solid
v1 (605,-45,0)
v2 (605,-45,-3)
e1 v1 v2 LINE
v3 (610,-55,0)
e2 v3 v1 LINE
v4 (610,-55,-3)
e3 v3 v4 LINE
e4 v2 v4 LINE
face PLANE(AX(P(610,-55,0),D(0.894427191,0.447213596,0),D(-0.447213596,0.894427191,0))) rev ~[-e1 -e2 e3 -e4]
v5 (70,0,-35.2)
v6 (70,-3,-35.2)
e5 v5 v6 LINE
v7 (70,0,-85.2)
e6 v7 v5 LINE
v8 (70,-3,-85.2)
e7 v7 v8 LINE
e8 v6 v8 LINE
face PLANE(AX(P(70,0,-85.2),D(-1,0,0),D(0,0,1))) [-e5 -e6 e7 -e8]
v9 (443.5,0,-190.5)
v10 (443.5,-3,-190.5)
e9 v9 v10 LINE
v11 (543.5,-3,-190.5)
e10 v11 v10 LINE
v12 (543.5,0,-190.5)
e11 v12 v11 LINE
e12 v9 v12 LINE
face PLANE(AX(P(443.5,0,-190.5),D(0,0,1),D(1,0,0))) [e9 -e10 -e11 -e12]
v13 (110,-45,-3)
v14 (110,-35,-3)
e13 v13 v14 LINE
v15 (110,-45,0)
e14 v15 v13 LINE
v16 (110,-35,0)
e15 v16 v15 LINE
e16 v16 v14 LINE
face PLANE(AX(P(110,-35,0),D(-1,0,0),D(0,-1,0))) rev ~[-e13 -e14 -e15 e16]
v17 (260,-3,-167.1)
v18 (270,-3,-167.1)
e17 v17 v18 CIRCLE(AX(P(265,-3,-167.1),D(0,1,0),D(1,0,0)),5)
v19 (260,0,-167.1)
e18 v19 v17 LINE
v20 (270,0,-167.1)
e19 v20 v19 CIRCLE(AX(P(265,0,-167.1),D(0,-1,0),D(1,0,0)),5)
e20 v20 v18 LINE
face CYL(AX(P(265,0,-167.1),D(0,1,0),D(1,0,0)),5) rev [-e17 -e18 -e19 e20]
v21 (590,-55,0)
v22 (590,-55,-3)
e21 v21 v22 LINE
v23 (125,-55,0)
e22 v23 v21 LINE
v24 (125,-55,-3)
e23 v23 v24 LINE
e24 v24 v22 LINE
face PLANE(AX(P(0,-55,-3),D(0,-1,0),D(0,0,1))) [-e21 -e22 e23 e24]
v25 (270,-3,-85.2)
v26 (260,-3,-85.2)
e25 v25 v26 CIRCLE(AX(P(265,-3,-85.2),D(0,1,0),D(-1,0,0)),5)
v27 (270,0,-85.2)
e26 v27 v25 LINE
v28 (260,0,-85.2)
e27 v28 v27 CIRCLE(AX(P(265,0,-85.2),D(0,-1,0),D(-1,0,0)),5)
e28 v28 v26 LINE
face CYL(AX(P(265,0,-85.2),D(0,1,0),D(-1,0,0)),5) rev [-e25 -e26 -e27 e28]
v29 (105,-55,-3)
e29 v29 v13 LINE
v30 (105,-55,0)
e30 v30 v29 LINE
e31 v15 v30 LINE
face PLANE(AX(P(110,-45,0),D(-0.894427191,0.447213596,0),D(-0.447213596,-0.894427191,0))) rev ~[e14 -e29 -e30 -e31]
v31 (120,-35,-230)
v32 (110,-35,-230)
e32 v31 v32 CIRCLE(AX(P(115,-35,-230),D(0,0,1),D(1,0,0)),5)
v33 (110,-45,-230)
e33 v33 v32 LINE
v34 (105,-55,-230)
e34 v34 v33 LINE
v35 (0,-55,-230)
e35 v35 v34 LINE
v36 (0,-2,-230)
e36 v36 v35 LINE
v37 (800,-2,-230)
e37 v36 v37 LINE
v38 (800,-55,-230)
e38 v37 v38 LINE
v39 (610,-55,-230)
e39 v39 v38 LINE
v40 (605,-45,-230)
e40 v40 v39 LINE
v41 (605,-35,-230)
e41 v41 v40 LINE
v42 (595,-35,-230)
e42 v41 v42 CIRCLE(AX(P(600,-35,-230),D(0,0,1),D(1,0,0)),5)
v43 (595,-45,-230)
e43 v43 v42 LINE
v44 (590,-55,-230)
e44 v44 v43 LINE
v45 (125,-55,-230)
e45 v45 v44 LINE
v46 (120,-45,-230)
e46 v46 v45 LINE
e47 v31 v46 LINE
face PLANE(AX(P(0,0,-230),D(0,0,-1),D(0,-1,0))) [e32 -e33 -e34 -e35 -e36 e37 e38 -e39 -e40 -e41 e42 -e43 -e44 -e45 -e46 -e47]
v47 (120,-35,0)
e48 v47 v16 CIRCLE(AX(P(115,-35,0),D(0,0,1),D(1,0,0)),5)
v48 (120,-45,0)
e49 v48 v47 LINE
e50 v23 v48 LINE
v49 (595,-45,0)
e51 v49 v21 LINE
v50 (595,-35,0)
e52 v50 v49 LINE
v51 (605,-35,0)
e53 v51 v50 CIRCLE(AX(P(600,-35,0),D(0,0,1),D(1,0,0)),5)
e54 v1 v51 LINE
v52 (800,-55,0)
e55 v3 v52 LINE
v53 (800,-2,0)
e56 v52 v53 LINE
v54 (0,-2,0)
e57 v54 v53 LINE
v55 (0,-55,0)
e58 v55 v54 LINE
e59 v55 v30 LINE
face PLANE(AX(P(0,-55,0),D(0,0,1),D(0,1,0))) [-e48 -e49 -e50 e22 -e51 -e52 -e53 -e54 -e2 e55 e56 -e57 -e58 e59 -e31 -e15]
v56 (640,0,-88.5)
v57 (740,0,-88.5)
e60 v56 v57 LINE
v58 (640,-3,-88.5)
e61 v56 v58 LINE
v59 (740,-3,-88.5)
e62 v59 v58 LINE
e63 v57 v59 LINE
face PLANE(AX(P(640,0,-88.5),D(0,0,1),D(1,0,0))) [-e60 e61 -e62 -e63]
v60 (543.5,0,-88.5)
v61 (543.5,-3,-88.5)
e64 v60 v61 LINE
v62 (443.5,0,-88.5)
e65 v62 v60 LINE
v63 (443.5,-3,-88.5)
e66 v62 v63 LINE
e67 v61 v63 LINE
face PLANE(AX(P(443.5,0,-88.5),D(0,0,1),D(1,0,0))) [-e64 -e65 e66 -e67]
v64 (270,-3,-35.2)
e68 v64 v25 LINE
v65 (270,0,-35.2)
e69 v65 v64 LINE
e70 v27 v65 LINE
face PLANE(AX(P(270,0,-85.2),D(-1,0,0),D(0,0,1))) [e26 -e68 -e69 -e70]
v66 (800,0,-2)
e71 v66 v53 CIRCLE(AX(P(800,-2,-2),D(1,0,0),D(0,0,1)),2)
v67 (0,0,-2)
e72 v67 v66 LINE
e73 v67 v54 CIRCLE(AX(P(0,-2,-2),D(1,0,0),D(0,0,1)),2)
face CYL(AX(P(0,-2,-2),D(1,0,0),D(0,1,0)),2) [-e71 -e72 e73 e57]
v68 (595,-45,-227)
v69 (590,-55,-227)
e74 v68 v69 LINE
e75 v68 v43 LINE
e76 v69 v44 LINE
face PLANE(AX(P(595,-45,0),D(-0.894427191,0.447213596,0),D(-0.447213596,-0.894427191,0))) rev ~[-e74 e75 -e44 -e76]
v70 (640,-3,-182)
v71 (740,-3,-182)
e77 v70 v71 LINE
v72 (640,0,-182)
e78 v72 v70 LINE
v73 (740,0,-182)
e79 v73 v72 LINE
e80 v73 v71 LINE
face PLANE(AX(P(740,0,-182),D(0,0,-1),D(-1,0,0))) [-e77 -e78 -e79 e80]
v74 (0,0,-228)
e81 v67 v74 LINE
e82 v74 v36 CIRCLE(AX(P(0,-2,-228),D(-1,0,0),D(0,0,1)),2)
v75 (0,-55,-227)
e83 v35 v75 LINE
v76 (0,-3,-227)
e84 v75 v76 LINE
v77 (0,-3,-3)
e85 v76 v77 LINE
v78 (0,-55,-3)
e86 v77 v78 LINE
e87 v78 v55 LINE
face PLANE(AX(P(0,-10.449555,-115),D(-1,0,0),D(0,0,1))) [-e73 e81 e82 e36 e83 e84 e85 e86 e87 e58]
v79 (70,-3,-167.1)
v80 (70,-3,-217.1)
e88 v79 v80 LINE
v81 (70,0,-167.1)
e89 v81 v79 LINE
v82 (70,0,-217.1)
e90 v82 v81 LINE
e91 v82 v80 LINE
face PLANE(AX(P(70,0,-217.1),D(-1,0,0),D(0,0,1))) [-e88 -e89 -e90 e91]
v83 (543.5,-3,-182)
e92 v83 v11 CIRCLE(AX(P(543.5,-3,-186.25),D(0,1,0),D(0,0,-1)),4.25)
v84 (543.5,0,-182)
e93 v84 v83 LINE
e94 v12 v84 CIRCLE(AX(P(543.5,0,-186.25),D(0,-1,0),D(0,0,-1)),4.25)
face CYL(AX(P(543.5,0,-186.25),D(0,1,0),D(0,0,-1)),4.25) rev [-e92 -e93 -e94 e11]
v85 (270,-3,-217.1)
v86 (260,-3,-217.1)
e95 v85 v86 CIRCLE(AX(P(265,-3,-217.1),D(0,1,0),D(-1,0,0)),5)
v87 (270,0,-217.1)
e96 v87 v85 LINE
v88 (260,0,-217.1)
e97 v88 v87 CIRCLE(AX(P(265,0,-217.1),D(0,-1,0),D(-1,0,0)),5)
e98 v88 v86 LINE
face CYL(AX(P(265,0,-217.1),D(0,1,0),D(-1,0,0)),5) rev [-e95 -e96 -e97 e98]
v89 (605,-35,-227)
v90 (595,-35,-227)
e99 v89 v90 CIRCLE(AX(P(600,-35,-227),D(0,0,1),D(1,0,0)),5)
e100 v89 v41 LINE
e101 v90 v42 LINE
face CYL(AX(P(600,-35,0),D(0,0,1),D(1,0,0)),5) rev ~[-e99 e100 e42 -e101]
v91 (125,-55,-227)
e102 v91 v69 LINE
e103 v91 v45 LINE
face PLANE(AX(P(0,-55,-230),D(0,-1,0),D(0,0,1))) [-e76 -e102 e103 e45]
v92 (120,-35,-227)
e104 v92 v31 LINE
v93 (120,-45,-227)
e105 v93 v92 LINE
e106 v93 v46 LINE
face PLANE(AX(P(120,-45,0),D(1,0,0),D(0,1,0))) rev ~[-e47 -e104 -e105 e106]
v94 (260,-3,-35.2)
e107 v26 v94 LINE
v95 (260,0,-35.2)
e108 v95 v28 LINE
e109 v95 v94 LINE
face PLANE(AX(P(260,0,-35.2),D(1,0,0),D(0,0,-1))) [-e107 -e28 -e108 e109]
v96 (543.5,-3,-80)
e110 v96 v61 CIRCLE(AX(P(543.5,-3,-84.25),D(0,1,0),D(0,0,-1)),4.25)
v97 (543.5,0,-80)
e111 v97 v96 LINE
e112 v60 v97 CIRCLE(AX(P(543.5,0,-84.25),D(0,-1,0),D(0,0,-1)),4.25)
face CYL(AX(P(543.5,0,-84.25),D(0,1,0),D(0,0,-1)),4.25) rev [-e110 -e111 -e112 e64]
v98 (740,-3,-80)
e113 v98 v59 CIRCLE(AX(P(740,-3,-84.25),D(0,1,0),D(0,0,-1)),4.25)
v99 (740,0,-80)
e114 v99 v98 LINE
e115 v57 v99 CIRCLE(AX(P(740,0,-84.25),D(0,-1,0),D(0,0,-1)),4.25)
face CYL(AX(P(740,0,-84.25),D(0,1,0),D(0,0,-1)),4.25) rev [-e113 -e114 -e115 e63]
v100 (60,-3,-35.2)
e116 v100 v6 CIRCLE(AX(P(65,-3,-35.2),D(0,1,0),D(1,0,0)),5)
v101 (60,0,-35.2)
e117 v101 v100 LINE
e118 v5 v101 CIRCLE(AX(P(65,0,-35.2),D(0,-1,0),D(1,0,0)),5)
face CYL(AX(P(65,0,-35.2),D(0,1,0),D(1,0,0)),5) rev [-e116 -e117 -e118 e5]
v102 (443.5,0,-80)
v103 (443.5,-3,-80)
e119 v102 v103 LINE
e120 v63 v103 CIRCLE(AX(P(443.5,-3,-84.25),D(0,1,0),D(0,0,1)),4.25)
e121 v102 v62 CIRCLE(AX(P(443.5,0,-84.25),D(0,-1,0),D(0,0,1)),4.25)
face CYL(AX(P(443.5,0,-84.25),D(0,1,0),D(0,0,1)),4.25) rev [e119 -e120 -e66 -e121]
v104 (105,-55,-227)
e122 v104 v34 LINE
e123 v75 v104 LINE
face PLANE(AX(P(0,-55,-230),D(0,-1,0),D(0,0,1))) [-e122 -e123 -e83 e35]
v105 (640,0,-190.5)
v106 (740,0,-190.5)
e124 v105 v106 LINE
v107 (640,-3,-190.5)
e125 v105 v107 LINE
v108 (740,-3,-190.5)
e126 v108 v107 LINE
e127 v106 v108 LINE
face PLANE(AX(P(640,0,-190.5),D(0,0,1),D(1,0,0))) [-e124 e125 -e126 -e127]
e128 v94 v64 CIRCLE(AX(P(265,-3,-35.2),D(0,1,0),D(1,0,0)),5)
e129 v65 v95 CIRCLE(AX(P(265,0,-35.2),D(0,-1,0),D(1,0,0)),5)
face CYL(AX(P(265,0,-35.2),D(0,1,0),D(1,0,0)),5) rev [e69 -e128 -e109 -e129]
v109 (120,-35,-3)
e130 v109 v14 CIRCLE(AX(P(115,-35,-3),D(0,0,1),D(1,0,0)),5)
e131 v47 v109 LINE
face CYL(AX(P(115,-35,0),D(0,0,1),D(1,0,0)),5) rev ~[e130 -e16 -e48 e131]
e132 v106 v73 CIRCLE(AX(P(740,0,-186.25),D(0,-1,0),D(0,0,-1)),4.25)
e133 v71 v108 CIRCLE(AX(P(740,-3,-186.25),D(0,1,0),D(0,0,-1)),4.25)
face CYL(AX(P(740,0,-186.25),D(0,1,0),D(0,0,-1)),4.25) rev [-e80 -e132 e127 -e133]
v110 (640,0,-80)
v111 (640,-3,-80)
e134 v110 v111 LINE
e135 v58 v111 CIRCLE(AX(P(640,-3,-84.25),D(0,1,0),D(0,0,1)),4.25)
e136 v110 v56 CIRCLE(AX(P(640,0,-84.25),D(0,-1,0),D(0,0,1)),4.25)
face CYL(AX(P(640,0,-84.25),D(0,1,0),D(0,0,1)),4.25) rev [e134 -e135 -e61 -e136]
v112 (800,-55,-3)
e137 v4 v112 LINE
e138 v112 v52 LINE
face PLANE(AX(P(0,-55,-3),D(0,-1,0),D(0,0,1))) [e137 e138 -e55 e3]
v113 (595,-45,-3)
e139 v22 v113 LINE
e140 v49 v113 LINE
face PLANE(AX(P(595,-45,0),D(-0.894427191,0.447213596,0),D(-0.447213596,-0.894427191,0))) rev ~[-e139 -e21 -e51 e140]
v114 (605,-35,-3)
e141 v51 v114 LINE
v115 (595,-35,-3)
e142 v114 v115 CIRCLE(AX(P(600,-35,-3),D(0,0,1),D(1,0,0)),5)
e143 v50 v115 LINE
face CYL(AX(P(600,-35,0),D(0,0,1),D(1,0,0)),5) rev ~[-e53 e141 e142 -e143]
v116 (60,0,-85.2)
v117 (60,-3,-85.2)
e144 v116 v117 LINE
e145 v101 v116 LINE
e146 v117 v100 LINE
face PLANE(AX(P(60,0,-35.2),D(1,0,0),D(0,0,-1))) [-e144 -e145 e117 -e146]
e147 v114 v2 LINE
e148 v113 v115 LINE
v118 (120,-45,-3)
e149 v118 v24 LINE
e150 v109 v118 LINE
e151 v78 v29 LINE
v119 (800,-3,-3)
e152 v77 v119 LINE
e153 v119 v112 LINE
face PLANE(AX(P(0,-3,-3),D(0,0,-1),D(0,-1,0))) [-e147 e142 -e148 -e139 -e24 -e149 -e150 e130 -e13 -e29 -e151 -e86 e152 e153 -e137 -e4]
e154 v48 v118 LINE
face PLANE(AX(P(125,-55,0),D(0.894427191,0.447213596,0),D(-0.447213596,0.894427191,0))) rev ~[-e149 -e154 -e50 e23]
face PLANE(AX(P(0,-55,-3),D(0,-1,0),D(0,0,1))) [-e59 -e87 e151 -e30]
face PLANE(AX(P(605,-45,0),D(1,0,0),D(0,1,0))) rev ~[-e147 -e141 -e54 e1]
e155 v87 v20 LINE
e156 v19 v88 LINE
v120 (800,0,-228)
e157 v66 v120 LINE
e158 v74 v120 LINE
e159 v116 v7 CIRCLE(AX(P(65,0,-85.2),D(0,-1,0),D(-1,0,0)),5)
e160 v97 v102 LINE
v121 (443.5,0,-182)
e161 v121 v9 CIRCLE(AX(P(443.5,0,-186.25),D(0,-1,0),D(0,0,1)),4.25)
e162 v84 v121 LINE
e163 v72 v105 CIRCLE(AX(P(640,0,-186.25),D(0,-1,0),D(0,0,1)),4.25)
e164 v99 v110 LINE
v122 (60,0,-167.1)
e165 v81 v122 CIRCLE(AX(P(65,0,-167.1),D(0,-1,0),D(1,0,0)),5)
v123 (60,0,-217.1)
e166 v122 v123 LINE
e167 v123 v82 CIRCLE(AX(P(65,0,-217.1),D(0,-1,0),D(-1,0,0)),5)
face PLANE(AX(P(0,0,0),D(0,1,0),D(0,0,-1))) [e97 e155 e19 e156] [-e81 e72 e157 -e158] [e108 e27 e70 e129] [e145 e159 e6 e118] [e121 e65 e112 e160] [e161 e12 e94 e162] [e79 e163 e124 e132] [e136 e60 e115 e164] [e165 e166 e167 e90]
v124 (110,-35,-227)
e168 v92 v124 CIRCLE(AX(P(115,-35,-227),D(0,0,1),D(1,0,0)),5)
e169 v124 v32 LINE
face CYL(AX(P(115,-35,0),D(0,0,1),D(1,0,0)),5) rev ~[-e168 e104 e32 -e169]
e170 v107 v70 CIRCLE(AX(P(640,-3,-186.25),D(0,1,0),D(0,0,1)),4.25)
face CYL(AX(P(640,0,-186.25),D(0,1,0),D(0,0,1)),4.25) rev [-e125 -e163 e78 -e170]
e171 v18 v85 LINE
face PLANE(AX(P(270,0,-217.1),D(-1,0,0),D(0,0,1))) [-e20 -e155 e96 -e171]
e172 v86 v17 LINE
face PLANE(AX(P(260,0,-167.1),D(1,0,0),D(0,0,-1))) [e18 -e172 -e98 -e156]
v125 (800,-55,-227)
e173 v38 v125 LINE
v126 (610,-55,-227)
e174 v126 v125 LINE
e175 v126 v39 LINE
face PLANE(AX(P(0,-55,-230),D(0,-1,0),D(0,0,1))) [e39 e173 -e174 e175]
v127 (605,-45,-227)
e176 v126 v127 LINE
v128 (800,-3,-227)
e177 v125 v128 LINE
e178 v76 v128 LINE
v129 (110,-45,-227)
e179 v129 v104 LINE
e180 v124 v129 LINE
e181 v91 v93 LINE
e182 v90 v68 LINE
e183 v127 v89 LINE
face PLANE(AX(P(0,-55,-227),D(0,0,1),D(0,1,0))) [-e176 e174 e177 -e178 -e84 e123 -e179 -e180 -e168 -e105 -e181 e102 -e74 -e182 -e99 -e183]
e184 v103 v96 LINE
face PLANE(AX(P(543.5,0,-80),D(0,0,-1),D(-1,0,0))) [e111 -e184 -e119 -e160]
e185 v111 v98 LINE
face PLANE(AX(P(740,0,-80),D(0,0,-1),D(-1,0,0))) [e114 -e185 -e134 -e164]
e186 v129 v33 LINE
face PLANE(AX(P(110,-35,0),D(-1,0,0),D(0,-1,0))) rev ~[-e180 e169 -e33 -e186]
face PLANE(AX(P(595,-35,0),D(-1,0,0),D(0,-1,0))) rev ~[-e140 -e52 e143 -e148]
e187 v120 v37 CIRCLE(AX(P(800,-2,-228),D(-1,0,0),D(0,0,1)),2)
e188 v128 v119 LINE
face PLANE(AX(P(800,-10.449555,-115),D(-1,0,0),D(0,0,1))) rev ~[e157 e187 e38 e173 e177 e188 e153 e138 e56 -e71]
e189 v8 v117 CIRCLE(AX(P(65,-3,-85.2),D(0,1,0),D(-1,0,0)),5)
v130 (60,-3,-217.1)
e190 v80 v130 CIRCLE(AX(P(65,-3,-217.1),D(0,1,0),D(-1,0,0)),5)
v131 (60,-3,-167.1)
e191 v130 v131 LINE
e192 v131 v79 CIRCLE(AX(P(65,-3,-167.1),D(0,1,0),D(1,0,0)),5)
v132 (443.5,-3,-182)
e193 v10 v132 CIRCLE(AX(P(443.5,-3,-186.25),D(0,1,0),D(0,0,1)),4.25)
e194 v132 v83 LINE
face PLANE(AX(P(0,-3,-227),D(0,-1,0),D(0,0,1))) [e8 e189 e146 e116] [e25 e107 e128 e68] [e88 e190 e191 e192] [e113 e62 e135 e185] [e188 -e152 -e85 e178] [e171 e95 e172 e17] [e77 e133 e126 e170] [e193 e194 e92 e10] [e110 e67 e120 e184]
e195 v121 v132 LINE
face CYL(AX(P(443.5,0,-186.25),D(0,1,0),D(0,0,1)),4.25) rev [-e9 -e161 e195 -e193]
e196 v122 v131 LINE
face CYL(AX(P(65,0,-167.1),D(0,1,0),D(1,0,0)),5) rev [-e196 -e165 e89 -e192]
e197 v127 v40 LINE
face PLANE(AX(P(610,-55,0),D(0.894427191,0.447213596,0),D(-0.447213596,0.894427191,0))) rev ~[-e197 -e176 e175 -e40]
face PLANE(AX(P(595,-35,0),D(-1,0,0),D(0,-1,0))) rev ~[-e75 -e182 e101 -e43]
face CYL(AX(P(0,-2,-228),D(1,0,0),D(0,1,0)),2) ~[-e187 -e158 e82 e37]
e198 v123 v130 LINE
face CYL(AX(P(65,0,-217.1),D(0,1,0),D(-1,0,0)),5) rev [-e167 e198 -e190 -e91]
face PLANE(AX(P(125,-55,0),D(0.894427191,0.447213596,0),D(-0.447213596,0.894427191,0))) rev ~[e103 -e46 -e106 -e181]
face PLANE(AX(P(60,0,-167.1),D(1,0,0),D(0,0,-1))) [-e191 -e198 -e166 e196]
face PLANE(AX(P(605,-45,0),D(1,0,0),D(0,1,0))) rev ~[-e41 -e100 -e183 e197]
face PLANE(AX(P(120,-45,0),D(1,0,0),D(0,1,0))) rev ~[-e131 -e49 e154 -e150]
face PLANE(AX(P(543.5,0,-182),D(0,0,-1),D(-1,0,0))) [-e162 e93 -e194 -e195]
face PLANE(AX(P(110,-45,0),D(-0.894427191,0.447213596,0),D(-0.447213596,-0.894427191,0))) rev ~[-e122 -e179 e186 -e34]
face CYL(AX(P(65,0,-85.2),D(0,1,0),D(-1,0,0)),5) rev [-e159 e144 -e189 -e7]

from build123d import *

# Parameters (mm, degrees)
BOSS_EXTRU_1_DEPTH      = 800
ENL_V_MAT_EXTRU_1_DEPTH = 30
ENL_V_MAT_EXTRU_2_DEPTH = 30
ENL_V_MAT_EXTRU_4_DEPTH = 300
CONG_1_R                = 2


with BuildPart() as part:
    # Esquisse1 → Boss.-Extru.1 (new body)
    with BuildSketch(Plane(origin=(0, 0, 0), x_dir=(0, 0, -1), z_dir=(1, 0, 0))):
        Polygon((0, 0), (230, 0), (230, -55), (227, -55), (227, -3), (3, -3), (3, -55), (0, -55), align=None)
    extrude(amount=BOSS_EXTRU_1_DEPTH)

    # Esquisse2 → Enlèv. mat.-Extru.1 (cut)
    with BuildSketch(Plane(origin=(0, 0, 0), x_dir=(1, 0, 0), z_dir=(0, 1, 0))):
        with BuildLine():
            Line((443.5, 190.5), (543.5, 190.5))
            ThreePointArc((543.5, 190.5), (547.75, 186.25), (543.5, 182))
            Line((543.5, 182), (443.5, 182))
            ThreePointArc((443.5, 182), (439.25, 186.25), (443.5, 190.5))
        make_face()
        with BuildLine():
            Line((640, 190.5), (740, 190.5))
            ThreePointArc((740, 190.5), (744.25, 186.25), (740, 182))
            Line((740, 182), (640, 182))
            ThreePointArc((640, 182), (635.75, 186.25), (640, 190.5))
        make_face()
        with BuildLine():
            Line((443.5, 88.5), (543.5, 88.5))
            ThreePointArc((543.5, 88.5), (547.75, 84.25), (543.5, 80))
            Line((543.5, 80), (443.5, 80))
            ThreePointArc((443.5, 80), (439.25, 84.25), (443.5, 88.5))
        make_face()
        with BuildLine():
            Line((640, 88.5), (740, 88.5))
            ThreePointArc((740, 88.5), (744.25, 84.25), (740, 80))
            Line((740, 80), (640, 80))
            ThreePointArc((640, 80), (635.75, 84.25), (640, 88.5))
        make_face()
    extrude(amount=-ENL_V_MAT_EXTRU_1_DEPTH, mode=Mode.SUBTRACT)

    # Esquisse3 → Enlèv. mat.-Extru.2 (cut)
    with BuildSketch(Plane(origin=(0, 0, 0), x_dir=(1, 0, 0), z_dir=(0, 1, 0))):
        with BuildLine():
            Line((70, 217.1), (70, 167.1))
            ThreePointArc((70, 167.1), (65, 162.1), (60, 167.1))
            Line((60, 167.1), (60, 217.1))
            ThreePointArc((60, 217.1), (65, 222.1), (70, 217.1))
        make_face()
        with BuildLine():
            Line((270, 217.1), (270, 167.1))
            ThreePointArc((270, 167.1), (265, 162.1), (260, 167.1))
            Line((260, 167.1), (260, 217.1))
            ThreePointArc((260, 217.1), (265, 222.1), (270, 217.1))
        make_face()
        with BuildLine():
            Line((270, 85.2), (270, 35.2))
            ThreePointArc((270, 35.2), (265, 30.2), (260, 35.2))
            Line((260, 35.2), (260, 85.2))
            ThreePointArc((260, 85.2), (265, 90.2), (270, 85.2))
        make_face()
        with BuildLine():
            Line((60, 35.2), (60, 85.2))
            ThreePointArc((60, 85.2), (65, 90.2), (70, 85.2))
            Line((70, 85.2), (70, 35.2))
            ThreePointArc((70, 35.2), (65, 30.2), (60, 35.2))
        make_face()
    extrude(amount=-ENL_V_MAT_EXTRU_2_DEPTH, mode=Mode.SUBTRACT)

    # Esquisse6 → Enlèv. mat.-Extru.4 (cut)
    with BuildSketch(Plane.XY):
        with BuildLine():
            Line((595, -55), (605, -55))
            Line((605, -55), (610, -55))
            Line((610, -55), (605, -45))
            Line((605, -45), (605, -35))
            ThreePointArc((605, -35), (600, -30), (595, -35))
            Line((595, -35), (595, -45))
            Line((595, -45), (590, -55))
            Line((590, -55), (595, -55))
        make_face()
        with BuildLine():
            Line((110, -45), (105, -55))
            Line((105, -55), (110, -55))
            Line((110, -55), (120, -55))
            Line((120, -55), (125, -55))
            Line((125, -55), (120, -45))
            Line((120, -45), (120, -35))
            ThreePointArc((120, -35), (115, -30), (110, -35))
            Line((110, -35), (110, -45))
        make_face()
    extrude(amount=-ENL_V_MAT_EXTRU_4_DEPTH, mode=Mode.SUBTRACT)

    # Congé1
    cong_1_edges = [part.edges().sort_by_distance(p)[0] for p in [
        (400, 0, 0),
        (400, 0, -230),
    ]]
    fillet(cong_1_edges, radius=CONG_1_R)


solid = part.part
